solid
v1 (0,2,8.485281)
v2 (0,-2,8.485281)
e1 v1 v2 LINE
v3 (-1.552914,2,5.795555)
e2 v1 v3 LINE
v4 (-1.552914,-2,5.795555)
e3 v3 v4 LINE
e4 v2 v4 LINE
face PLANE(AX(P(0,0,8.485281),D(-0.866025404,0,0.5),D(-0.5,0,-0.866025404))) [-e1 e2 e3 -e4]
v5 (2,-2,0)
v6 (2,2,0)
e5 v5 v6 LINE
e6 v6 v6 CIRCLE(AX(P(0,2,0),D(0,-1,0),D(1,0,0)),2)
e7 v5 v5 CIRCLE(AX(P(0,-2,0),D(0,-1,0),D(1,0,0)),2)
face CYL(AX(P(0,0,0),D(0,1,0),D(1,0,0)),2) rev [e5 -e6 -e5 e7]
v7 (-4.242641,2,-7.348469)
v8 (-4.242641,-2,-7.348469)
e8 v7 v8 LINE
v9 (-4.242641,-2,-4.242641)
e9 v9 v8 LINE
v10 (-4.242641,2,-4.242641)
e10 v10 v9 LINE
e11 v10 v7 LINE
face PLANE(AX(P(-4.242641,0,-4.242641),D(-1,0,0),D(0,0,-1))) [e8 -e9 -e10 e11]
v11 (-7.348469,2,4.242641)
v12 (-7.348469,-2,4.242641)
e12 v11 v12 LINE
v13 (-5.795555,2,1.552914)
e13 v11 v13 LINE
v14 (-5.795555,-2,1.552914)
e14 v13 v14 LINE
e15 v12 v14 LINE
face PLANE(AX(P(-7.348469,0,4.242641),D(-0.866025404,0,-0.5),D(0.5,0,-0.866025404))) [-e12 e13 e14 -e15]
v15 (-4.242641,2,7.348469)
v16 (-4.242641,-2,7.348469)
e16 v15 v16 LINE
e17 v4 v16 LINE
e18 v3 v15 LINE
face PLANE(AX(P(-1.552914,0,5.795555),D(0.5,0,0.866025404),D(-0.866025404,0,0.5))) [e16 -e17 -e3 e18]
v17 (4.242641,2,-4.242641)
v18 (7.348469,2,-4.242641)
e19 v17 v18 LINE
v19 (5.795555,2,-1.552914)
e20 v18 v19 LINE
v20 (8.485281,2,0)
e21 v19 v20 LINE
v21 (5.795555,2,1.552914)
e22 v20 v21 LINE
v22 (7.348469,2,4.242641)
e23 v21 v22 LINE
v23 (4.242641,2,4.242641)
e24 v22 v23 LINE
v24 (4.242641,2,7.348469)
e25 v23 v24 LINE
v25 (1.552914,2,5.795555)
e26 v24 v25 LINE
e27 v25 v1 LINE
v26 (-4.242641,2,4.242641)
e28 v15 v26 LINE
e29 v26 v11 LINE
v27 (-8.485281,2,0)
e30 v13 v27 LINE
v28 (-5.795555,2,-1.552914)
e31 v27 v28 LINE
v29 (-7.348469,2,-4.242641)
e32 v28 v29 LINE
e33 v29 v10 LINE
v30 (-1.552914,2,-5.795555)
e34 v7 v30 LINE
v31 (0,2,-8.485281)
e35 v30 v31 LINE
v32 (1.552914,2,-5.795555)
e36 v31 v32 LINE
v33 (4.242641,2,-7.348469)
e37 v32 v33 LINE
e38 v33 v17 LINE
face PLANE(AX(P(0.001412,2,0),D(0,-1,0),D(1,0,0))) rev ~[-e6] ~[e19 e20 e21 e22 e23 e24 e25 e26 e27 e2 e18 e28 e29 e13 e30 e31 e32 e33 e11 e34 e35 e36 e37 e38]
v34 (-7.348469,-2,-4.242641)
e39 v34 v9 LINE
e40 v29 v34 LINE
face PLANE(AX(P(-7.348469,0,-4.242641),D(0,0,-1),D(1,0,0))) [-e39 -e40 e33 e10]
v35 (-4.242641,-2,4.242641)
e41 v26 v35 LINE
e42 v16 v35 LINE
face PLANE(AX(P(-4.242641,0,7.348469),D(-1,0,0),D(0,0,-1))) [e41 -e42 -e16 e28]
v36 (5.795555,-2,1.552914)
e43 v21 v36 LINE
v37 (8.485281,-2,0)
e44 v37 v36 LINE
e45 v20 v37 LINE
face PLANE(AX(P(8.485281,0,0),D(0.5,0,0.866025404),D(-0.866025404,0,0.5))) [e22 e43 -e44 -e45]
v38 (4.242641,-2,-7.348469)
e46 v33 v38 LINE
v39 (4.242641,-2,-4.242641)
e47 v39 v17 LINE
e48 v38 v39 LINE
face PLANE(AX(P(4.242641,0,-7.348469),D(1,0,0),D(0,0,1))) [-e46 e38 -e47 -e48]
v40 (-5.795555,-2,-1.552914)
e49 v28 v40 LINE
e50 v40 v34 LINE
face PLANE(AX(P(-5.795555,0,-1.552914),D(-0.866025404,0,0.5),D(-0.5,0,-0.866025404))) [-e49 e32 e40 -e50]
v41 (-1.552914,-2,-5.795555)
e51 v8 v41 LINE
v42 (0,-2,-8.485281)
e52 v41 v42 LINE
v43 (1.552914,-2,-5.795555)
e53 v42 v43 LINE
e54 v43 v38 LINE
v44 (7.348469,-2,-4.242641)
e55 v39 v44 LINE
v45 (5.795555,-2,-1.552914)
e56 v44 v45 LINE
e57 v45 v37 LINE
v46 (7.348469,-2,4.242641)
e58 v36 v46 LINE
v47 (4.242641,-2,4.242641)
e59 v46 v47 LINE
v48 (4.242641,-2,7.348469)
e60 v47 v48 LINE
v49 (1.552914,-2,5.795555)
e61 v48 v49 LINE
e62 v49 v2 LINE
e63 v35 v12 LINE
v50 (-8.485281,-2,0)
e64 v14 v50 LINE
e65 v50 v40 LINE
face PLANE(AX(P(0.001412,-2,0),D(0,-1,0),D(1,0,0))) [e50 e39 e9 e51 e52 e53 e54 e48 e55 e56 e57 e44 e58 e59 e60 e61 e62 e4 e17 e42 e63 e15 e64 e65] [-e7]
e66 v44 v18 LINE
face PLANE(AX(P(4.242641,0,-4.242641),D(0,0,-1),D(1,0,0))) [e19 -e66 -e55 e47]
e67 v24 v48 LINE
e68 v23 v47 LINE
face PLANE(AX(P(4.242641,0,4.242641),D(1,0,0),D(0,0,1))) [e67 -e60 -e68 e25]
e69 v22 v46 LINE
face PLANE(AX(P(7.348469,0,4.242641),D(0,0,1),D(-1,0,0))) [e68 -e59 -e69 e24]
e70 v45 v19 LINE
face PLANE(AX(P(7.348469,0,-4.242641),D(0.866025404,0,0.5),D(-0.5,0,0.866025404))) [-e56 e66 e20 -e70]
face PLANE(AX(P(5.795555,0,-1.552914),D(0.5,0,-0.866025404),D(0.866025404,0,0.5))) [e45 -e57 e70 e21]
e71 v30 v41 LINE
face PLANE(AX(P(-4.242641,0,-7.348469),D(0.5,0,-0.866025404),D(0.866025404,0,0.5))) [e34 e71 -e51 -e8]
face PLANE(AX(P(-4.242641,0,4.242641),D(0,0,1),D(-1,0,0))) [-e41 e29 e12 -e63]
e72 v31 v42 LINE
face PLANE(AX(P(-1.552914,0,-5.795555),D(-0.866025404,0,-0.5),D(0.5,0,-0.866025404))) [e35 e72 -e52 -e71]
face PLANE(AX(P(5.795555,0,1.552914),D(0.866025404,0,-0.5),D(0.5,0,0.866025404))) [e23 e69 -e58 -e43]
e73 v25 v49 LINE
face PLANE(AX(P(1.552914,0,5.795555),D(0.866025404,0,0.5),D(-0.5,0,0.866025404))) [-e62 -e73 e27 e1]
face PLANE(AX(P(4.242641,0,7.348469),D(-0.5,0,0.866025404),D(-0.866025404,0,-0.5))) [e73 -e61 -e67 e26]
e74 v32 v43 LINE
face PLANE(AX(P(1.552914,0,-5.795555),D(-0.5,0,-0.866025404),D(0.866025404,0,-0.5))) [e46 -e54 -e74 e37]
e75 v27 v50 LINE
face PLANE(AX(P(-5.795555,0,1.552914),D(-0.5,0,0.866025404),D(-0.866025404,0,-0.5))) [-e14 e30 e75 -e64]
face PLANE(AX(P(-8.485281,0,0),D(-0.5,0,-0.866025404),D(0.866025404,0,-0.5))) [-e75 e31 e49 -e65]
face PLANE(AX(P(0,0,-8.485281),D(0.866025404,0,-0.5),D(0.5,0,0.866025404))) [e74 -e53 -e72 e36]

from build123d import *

# Parameters (mm, degrees)
F0_R     = 2
F1_DEPTH = 2


with BuildPart() as f1:
    # F0 (on Front) → F1 (new body, symmetric)
    with BuildSketch(Plane.XZ):
        with BuildLine():
            ThreePointArc((5.7955549577, -1.5529142706), (5.9486691682, -0.7831571533), (6, 0))
            ThreePointArc((6, 0), (5.9486691682, 0.7831571533), (5.7955549577, 1.5529142706))
            ThreePointArc((5.7955549577, 1.5529142706), (5.1961524227, 3), (4.2426406871, 4.2426406871))
            ThreePointArc((4.2426406871, 4.2426406871), (3, 5.1961524227), (1.5529142706, 5.7955549577))
            ThreePointArc((1.5529142706, 5.7955549577), (0, 6), (-1.5529142706, 5.7955549577))
            ThreePointArc((-1.5529142706, 5.7955549577), (-3, 5.1961524227), (-4.2426406871, 4.2426406871))
            ThreePointArc((-4.2426406871, 4.2426406871), (-5.1961524227, 3), (-5.7955549577, 1.5529142706))
            ThreePointArc((-5.7955549577, 1.5529142706), (-6, 0), (-5.7955549577, -1.5529142706))
            ThreePointArc((-5.7955549577, -1.5529142706), (-5.1961524227, -3), (-4.2426406871, -4.2426406871))
            ThreePointArc((-4.2426406871, -4.2426406871), (-3, -5.1961524227), (-1.5529142706, -5.7955549577))
            ThreePointArc((-1.5529142706, -5.7955549577), (0, -6), (1.5529142706, -5.7955549577))
            ThreePointArc((1.5529142706, -5.7955549577), (3, -5.1961524227), (4.2426406871, -4.2426406871))
            ThreePointArc((4.2426406871, -4.2426406871), (5.1961524227, -3), (5.7955549577, -1.5529142706))
        make_face()
        Circle(F0_R, mode=Mode.SUBTRACT)
        with BuildLine():
            ThreePointArc((5.7955549577, 1.5529142706), (5.9486691682, 0.7831571533), (6, 0))
            ThreePointArc((6, 0), (5.9486691682, -0.7831571533), (5.7955549577, -1.5529142706))
            Line((5.7955549577, -1.5529142706), (8.4852813742, 0))
            Line((8.4852813742, 0), (5.7955549577, 1.5529142706))
        make_face()
        with BuildLine():
            ThreePointArc((4.2426406871, 4.2426406871), (5.1961524227, 3), (5.7955549577, 1.5529142706))
            Line((5.7955549577, 1.5529142706), (7.3484692283, 4.2426406871))
            Line((7.3484692283, 4.2426406871), (4.2426406871, 4.2426406871))
        make_face()
        with BuildLine():
            Line((7.3484692283, -4.2426406871), (5.7955549577, -1.5529142706))
            ThreePointArc((5.7955549577, -1.5529142706), (5.1961524227, -3), (4.2426406871, -4.2426406871))
            Line((4.2426406871, -4.2426406871), (7.3484692283, -4.2426406871))
        make_face()
        with BuildLine():
            ThreePointArc((1.5529142706, 5.7955549577), (3, 5.1961524227), (4.2426406871, 4.2426406871))
            Line((4.2426406871, 4.2426406871), (4.2426406871, 7.3484692283))
            Line((4.2426406871, 7.3484692283), (1.5529142706, 5.7955549577))
        make_face()
        with BuildLine():
            Line((4.2426406871, -7.3484692283), (4.2426406871, -4.2426406871))
            ThreePointArc((4.2426406871, -4.2426406871), (3, -5.1961524227), (1.5529142706, -5.7955549577))
            Line((1.5529142706, -5.7955549577), (4.2426406871, -7.3484692283))
        make_face()
        with BuildLine():
            ThreePointArc((-1.5529142706, 5.7955549577), (0, 6), (1.5529142706, 5.7955549577))
            Line((1.5529142706, 5.7955549577), (0, 8.4852813742))
            Line((0, 8.4852813742), (-1.5529142706, 5.7955549577))
        make_face()
        with BuildLine():
            Line((0, -8.4852813742), (1.5529142706, -5.7955549577))
            ThreePointArc((1.5529142706, -5.7955549577), (0, -6), (-1.5529142706, -5.7955549577))
            Line((-1.5529142706, -5.7955549577), (0, -8.4852813742))
        make_face()
        with BuildLine():
            ThreePointArc((-4.2426406871, 4.2426406871), (-3, 5.1961524227), (-1.5529142706, 5.7955549577))
            Line((-1.5529142706, 5.7955549577), (-4.2426406871, 7.3484692283))
            Line((-4.2426406871, 7.3484692283), (-4.2426406871, 4.2426406871))
        make_face()
        with BuildLine():
            Line((-4.2426406871, -7.3484692283), (-1.5529142706, -5.7955549577))
            ThreePointArc((-1.5529142706, -5.7955549577), (-3, -5.1961524227), (-4.2426406871, -4.2426406871))
            Line((-4.2426406871, -4.2426406871), (-4.2426406871, -7.3484692283))
        make_face()
        with BuildLine():
            ThreePointArc((-5.7955549577, 1.5529142706), (-5.1961524227, 3), (-4.2426406871, 4.2426406871))
            Line((-4.2426406871, 4.2426406871), (-7.3484692283, 4.2426406871))
            Line((-7.3484692283, 4.2426406871), (-5.7955549577, 1.5529142706))
        make_face()
        with BuildLine():
            Line((-7.3484692283, -4.2426406871), (-4.2426406871, -4.2426406871))
            ThreePointArc((-4.2426406871, -4.2426406871), (-5.1961524227, -3), (-5.7955549577, -1.5529142706))
            Line((-5.7955549577, -1.5529142706), (-7.3484692283, -4.2426406871))
        make_face()
        with BuildLine():
            ThreePointArc((-5.7955549577, -1.5529142706), (-6, 0), (-5.7955549577, 1.5529142706))
            Line((-5.7955549577, 1.5529142706), (-8.4852813742, 0))
            Line((-8.4852813742, 0), (-5.7955549577, -1.5529142706))
        make_face()
    extrude(amount=F1_DEPTH, both=True)


solid = f1.part
